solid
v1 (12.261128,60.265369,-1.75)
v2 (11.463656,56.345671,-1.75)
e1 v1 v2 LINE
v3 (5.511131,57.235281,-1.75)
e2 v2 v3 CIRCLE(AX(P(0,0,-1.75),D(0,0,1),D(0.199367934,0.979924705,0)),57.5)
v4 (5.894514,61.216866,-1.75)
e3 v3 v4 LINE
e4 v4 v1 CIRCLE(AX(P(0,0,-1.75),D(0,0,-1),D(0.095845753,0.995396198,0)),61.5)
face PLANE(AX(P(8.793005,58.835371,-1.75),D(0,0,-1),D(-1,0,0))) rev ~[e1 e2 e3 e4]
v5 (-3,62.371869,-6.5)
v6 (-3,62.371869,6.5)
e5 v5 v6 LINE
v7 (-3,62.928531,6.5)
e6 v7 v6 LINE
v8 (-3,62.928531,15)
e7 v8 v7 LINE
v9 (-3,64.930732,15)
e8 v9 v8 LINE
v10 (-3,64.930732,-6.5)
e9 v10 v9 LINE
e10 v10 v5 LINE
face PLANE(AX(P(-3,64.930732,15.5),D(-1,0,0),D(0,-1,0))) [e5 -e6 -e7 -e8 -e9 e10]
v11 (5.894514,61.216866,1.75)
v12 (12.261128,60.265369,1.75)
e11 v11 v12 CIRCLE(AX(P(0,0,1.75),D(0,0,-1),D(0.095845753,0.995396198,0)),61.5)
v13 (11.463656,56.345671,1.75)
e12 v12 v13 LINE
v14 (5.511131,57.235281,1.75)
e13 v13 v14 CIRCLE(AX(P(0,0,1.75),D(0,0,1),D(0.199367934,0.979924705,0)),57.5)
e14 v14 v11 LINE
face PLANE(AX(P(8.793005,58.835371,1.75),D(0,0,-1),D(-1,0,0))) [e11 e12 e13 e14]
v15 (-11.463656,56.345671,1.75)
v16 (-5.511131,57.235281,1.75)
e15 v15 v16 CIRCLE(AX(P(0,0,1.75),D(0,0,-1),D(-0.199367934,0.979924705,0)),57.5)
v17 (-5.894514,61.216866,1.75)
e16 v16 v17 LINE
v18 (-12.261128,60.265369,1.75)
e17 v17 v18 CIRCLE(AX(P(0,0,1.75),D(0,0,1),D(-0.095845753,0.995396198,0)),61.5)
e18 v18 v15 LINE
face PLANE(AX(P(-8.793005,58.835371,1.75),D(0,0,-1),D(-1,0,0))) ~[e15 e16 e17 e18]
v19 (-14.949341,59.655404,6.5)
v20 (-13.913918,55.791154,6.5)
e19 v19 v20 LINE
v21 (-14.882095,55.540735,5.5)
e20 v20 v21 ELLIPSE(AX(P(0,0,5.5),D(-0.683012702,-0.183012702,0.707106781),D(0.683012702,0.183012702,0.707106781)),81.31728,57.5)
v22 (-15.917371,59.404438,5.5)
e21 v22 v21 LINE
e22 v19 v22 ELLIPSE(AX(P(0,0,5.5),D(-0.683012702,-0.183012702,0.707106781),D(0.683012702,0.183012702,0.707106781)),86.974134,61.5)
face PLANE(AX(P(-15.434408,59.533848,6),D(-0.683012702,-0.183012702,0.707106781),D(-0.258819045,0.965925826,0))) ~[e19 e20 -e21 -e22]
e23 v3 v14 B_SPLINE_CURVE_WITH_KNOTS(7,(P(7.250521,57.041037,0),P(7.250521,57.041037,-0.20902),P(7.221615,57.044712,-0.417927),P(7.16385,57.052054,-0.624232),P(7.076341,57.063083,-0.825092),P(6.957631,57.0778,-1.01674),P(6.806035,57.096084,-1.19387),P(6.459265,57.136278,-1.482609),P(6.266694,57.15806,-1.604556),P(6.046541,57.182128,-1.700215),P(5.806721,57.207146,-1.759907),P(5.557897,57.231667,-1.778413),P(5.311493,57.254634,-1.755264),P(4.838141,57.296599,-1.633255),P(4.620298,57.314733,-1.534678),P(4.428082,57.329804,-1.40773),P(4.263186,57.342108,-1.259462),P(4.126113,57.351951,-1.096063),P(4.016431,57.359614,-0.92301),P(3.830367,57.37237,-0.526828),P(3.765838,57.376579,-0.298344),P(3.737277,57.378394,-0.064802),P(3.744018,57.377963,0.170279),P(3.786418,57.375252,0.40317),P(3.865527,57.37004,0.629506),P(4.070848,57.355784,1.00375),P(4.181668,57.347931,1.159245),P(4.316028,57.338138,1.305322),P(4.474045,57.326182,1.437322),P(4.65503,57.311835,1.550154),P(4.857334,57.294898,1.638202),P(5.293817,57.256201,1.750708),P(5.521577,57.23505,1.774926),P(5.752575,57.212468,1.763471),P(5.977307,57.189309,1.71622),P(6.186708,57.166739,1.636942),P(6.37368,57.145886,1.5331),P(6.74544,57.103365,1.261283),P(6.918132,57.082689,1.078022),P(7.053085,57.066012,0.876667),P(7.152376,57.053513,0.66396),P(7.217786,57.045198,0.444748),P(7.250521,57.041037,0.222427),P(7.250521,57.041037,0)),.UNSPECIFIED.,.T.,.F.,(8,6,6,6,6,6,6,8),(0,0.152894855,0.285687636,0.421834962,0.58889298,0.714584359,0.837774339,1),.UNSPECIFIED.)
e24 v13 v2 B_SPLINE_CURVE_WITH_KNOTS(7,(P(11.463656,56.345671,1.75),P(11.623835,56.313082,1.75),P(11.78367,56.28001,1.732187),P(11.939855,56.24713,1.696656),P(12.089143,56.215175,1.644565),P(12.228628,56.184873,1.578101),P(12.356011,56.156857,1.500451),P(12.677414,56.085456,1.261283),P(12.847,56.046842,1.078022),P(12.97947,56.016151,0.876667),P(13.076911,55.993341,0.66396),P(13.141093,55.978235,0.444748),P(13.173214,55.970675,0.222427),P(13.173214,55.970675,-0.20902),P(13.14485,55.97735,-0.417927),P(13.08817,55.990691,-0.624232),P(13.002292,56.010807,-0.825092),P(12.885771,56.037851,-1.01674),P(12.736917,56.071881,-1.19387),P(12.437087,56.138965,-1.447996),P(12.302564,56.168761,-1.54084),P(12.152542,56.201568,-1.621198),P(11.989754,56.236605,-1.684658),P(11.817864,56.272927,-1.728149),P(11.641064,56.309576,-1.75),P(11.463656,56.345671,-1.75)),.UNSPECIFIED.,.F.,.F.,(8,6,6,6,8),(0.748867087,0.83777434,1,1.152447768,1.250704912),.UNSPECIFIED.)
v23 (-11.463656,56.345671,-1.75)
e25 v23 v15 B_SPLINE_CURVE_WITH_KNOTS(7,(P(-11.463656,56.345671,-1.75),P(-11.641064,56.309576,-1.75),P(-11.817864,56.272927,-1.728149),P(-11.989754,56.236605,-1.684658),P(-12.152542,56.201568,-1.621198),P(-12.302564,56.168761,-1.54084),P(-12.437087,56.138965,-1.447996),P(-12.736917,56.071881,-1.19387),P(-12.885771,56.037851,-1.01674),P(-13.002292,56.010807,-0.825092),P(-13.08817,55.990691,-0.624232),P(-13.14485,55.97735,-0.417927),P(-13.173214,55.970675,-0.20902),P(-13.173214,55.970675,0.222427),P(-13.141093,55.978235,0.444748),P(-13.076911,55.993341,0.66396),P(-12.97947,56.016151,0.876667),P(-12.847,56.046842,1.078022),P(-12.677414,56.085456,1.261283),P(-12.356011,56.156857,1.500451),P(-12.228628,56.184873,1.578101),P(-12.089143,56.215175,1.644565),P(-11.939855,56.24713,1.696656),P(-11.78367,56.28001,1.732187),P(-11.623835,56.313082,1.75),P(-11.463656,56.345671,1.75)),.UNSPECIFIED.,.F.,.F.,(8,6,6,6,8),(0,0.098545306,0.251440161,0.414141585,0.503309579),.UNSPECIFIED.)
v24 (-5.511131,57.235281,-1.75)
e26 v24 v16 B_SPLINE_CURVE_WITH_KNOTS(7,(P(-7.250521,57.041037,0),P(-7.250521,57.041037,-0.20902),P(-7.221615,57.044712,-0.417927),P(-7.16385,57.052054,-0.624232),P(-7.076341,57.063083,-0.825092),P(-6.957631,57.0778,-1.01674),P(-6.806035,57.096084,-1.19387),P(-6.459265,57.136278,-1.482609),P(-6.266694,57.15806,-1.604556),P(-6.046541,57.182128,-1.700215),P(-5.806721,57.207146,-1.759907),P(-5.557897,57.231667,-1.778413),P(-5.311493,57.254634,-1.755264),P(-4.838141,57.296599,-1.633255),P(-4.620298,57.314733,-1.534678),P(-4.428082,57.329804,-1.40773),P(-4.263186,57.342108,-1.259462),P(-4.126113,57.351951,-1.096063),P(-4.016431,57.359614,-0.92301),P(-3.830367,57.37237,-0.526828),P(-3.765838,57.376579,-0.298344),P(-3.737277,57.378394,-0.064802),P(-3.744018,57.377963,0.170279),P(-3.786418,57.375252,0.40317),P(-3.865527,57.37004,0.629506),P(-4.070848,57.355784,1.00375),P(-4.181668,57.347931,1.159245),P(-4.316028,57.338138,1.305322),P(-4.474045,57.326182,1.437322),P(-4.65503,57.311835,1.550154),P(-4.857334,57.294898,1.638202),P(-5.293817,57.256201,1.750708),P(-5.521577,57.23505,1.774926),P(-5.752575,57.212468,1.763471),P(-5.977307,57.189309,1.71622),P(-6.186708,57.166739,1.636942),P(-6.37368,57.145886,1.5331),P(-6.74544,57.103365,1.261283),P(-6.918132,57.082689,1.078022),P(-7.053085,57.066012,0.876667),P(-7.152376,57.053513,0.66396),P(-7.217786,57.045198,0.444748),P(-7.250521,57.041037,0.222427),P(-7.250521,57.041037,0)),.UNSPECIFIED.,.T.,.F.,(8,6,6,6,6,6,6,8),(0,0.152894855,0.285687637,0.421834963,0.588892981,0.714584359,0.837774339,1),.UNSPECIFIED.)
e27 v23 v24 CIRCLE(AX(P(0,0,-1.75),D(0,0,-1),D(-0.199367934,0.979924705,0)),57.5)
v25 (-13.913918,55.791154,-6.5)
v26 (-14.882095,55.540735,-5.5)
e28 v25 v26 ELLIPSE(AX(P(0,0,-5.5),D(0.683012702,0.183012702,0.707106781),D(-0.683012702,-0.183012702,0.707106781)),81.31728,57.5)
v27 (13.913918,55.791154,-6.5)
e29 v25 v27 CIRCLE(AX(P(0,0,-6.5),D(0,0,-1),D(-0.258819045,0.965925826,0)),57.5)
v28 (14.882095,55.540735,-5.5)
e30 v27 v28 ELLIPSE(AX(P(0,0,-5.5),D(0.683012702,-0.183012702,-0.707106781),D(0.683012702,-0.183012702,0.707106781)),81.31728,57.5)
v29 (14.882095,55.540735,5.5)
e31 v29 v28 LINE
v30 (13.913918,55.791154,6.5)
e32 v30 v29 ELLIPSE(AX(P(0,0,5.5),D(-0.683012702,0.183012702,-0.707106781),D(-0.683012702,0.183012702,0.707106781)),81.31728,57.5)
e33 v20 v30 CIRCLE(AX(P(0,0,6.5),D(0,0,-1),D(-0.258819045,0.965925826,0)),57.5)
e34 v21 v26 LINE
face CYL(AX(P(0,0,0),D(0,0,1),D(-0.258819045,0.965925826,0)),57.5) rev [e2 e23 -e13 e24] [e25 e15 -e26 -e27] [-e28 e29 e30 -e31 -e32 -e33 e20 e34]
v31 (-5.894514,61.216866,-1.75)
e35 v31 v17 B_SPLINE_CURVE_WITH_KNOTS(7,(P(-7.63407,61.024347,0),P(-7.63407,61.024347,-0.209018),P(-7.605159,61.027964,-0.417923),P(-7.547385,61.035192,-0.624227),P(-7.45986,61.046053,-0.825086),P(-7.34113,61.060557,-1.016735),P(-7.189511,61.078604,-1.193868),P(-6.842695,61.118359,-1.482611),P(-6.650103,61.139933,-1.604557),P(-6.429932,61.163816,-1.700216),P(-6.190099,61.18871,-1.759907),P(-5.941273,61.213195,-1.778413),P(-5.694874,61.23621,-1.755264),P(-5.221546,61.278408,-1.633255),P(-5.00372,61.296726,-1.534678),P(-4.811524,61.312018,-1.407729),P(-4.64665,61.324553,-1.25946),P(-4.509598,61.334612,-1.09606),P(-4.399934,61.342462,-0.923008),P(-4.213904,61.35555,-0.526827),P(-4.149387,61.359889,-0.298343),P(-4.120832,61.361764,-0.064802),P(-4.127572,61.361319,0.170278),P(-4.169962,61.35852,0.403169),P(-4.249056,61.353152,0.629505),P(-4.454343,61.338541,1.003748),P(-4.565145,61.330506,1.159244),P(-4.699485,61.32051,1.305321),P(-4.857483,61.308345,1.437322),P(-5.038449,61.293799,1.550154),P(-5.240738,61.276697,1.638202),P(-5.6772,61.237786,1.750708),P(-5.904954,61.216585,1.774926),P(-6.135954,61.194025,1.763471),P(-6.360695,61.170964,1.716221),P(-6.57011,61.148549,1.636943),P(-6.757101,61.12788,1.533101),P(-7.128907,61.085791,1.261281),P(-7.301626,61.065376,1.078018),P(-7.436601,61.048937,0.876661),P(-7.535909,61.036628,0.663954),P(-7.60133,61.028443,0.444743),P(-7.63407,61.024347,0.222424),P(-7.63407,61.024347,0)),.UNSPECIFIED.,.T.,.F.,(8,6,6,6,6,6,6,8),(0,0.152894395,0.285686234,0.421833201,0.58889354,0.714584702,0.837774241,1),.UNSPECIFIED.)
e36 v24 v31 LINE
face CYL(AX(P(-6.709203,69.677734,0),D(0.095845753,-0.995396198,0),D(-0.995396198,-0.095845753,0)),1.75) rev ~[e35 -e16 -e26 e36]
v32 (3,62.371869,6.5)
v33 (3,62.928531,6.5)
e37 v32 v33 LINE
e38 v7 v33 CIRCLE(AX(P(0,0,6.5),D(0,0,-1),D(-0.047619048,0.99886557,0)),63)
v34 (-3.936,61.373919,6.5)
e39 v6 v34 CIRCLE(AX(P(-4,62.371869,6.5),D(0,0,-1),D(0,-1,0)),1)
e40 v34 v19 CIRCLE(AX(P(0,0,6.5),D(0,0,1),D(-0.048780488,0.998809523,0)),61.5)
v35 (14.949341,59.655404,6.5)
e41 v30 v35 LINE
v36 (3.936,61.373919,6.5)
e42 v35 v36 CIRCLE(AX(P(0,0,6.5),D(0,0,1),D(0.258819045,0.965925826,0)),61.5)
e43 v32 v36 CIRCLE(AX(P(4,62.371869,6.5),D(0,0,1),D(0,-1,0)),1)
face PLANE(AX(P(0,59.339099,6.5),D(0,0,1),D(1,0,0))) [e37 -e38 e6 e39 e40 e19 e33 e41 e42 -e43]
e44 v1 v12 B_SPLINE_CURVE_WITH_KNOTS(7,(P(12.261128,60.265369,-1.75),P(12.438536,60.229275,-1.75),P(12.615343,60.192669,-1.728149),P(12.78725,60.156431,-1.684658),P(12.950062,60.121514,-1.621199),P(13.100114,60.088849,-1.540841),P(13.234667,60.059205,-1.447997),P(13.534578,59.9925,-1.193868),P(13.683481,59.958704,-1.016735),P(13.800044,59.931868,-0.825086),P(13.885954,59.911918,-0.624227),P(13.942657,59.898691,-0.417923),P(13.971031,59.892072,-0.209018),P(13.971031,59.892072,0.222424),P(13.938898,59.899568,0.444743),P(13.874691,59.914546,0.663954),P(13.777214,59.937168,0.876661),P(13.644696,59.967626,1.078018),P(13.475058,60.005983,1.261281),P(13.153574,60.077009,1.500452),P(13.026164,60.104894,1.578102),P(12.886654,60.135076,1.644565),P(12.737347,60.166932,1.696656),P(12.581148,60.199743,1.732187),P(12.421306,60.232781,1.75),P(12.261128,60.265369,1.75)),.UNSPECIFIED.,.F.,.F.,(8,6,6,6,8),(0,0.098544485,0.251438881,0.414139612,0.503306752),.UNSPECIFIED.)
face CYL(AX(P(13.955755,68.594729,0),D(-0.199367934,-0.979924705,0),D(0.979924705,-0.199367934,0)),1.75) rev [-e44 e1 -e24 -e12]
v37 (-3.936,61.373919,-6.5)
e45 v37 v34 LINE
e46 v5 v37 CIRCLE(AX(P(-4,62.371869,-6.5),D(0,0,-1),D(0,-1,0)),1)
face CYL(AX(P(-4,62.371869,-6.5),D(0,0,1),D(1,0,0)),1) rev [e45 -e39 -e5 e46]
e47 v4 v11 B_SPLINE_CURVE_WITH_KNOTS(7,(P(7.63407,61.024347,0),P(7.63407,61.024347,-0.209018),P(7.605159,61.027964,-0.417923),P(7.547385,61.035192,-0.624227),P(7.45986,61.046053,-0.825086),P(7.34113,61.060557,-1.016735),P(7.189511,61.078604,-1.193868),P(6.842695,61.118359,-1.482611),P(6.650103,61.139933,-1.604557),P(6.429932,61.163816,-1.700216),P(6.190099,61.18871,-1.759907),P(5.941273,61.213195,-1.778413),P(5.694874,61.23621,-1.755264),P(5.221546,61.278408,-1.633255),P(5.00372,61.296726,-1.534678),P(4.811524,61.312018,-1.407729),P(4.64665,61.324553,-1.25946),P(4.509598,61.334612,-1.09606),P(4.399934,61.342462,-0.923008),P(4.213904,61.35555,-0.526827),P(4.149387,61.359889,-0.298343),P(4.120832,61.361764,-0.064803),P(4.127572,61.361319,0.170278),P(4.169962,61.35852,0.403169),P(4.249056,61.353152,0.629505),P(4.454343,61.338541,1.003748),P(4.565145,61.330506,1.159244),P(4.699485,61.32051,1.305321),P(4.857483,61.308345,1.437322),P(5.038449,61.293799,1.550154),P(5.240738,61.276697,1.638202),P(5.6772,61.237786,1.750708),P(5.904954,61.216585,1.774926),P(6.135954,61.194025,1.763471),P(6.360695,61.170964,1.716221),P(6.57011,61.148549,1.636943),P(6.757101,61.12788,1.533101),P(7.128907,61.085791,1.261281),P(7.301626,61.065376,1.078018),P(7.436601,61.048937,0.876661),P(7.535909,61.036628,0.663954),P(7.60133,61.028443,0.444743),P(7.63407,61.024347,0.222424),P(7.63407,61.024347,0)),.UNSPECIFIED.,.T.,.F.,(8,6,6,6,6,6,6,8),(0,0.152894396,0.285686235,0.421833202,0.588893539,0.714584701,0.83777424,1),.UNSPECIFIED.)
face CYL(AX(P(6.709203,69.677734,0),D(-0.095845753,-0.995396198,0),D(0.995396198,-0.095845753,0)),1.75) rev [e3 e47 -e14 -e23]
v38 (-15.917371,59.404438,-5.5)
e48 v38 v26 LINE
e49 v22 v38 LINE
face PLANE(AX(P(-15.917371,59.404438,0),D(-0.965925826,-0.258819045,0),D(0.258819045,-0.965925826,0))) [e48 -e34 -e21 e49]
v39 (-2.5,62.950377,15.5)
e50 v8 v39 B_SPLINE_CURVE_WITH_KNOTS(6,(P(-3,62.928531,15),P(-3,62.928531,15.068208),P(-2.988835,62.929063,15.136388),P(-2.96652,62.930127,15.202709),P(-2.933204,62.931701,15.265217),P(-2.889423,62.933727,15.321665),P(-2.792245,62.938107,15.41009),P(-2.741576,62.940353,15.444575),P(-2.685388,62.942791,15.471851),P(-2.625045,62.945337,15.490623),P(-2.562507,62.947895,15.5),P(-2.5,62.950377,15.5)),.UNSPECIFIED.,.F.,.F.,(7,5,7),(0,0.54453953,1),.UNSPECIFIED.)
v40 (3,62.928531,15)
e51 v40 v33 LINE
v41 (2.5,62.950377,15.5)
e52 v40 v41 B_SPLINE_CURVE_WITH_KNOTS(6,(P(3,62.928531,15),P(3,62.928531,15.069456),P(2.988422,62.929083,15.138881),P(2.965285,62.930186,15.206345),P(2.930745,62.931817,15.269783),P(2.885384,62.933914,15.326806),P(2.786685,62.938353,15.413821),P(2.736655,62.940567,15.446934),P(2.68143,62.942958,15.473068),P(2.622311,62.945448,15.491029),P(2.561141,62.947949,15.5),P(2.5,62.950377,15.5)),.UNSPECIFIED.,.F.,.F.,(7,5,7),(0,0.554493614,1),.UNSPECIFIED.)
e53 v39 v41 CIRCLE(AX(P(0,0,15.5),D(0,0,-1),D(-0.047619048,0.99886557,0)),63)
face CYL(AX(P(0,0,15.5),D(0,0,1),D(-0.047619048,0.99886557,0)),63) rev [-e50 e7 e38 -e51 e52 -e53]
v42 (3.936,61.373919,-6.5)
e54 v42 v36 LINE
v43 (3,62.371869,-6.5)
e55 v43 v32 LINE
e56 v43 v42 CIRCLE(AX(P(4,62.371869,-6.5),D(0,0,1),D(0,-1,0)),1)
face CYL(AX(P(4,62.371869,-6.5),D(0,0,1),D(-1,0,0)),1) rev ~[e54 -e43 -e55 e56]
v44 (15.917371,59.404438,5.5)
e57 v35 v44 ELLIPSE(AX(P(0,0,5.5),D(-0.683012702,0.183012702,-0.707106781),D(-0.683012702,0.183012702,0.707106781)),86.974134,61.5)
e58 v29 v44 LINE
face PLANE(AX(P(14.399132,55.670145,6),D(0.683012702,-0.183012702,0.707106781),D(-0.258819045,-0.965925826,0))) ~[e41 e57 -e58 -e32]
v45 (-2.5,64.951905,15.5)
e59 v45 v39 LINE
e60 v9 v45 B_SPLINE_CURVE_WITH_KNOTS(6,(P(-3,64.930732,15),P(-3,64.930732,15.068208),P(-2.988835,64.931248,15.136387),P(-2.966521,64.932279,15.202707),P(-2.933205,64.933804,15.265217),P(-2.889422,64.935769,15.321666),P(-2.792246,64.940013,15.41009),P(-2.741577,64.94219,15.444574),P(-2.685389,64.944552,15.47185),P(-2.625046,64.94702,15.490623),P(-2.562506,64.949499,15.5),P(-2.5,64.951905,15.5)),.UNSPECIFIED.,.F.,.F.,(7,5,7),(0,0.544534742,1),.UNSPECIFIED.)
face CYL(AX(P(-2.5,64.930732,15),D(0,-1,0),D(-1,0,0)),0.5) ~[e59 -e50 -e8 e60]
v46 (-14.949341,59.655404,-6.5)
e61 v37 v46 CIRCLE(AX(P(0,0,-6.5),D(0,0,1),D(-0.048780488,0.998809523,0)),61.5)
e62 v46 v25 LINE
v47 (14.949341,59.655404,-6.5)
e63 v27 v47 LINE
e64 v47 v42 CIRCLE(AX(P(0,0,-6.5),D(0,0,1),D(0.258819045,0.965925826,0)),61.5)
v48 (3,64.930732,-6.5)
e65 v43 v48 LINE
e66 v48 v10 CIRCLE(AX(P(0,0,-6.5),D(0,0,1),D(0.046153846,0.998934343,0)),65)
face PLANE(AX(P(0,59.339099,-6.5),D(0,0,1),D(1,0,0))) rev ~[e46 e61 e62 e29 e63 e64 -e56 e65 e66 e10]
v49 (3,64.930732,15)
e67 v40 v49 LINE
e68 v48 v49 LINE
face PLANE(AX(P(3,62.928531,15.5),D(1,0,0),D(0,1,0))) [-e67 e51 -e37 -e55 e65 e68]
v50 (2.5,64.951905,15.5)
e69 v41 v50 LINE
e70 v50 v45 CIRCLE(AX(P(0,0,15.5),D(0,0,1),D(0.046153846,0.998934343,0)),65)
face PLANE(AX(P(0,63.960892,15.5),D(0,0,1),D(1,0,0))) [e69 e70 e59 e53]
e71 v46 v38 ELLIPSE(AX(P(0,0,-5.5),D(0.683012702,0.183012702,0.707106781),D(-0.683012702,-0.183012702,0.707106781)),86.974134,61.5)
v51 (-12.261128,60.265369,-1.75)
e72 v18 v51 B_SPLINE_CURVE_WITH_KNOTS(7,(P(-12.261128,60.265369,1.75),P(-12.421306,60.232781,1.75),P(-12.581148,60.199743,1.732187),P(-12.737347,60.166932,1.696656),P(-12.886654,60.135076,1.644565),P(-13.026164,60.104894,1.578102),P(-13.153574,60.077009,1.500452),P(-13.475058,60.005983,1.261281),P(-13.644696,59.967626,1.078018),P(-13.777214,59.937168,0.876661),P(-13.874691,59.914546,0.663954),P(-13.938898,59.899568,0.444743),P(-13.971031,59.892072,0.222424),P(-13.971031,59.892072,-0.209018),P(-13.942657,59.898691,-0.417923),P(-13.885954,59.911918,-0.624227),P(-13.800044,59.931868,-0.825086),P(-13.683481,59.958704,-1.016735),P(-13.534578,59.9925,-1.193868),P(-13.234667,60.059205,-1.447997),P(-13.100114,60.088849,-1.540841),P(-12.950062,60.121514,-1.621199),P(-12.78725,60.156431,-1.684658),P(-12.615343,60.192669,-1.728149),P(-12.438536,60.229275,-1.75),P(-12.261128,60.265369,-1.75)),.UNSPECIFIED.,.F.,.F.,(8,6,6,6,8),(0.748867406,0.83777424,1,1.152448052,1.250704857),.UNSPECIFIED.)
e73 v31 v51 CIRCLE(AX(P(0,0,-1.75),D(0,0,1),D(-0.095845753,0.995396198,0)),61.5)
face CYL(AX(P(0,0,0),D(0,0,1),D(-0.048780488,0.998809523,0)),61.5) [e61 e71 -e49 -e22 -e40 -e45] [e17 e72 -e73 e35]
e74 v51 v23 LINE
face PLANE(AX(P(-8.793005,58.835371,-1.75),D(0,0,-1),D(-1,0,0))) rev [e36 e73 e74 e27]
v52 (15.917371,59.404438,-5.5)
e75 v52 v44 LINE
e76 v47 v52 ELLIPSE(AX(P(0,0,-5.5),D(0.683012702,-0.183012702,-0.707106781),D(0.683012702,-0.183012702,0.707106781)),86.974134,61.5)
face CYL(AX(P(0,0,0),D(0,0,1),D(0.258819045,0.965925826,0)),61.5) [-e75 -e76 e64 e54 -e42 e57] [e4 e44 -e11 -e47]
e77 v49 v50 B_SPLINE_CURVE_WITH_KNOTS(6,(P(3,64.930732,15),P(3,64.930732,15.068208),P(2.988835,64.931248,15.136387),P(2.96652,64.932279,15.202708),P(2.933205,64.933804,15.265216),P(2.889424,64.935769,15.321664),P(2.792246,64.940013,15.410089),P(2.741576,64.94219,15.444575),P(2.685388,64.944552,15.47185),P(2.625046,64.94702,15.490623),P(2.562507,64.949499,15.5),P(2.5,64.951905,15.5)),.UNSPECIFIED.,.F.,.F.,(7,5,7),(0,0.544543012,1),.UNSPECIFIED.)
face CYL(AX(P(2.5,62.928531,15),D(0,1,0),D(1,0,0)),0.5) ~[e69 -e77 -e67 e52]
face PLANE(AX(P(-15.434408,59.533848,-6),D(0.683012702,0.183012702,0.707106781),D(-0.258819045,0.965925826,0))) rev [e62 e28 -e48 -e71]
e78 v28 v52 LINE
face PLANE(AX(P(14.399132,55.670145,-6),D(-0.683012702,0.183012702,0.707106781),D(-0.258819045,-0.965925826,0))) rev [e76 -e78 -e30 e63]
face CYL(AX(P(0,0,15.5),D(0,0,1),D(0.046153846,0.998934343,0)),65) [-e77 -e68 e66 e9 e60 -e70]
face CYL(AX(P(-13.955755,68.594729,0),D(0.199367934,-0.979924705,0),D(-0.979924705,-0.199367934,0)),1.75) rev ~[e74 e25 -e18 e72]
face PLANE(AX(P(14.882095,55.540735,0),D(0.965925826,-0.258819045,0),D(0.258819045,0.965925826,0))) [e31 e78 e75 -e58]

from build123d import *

# Parameters (mm, degrees)
EXTRUDE_1_DEPTH          = 6.5
EXTRUDE_START            = 9
EXTRUDE_2_DEPTH          = 9
PATTERN_CIRCULAR_1_COUNT = 2
PATTERN_CIRCULAR_1_ANGLE = 6
CUT_EXTRUDE_2_DEPTH      = 1.75
FILLET_1_R               = 1
CHAMFER_1_SIZE           = 1
FILLET_2_R               = 0.5


with BuildPart() as part:
    # Эскиз1 → Бобышка-Вытянуть1 (new, symmetric)
    with BuildSketch(Plane.XY):
        with BuildLine():
            Line((14.882095093, 55.540735012), (15.917371274, 59.404438317))
            ThreePointArc((15.917371274, 59.404438317), (9.512581469, 60.7598617), (3, 61.426785688))
            Line((3, 61.426785688), (3, 64.930732323))
            ThreePointArc((3, 64.930732323), (0, 65), (-3, 64.930732323))
            Line((-3, 64.930732323), (-3, 61.426785688))
            ThreePointArc((-3, 61.426785688), (-9.512581469, 60.7598617), (-15.917371274, 59.404438317))
            Line((-15.917371274, 59.404438317), (-14.882095093, 55.540735012))
            ThreePointArc((-14.882095093, 55.540735012), (0, 57.5), (14.882095093, 55.540735012))
        make_face()
    extrude(amount=EXTRUDE_1_DEPTH, both=True)

    # Эскиз2 → Бобышка-Вытянуть2 (add)
    with BuildSketch(Plane.XY.offset(6.5).offset(EXTRUDE_START)):
        with BuildLine():
            Line((3, 62.92853089), (3, 64.930732323))
            ThreePointArc((3, 64.930732323), (0, 65), (-3, 64.930732323))
            Line((-3, 64.930732323), (-3, 62.92853089))
            ThreePointArc((-3, 62.92853089), (0, 63), (3, 62.92853089))
        make_face()
    extrude(amount=-EXTRUDE_2_DEPTH)

    # Эскиз4 → Вырез-Повернуть1 (revolve, cut)
    with BuildSketch(Plane.XY):
        Polygon((15.670623642, 68.245835438), (11.683264954, 48.647341346), (9.968396721, 48.996235231), (13.955755409, 68.594729323), align=None)
    cut_revolve_1 = revolve(axis=Axis((0, 0, 0), (0.19936793441719763, 0.9799247046208296, 0)), mode=Mode.SUBTRACT)

    # Круговой массив1: Вырез-Повернуть1 ×2 about axis
    pattern_circular_1_axis = Axis((0, 0, 6.5), (0, 0, 1))
    for i in range(1, PATTERN_CIRCULAR_1_COUNT):
        add(cut_revolve_1.rotate(pattern_circular_1_axis, i * PATTERN_CIRCULAR_1_ANGLE / (PATTERN_CIRCULAR_1_COUNT - 1)), mode=Mode.SUBTRACT)

    # Эскиз6 → Вырез-Вытянуть2 (cut, symmetric)
    with BuildSketch(Plane.XY):
        with BuildLine():
            Line((5.51113077, 57.235281406), (5.89451378, 61.2168662))
            ThreePointArc((5.89451378, 61.2168662), (9.090278784, 60.824475597), (12.261127967, 60.265369334))
            Line((12.261127967, 60.265369334), (11.463656229, 56.345670516))
            ThreePointArc((11.463656229, 56.345670516), (8.49904114, 56.868412143), (5.51113077, 57.235281406))
        make_face()
    cut_extrude_2 = extrude(amount=CUT_EXTRUDE_2_DEPTH, both=True, mode=Mode.SUBTRACT)

    # Зеркальное отражение1: Вырез-Повернуть1, Вырез-Вытянуть2 across plane
    add(cut_revolve_1.mirror(Plane(origin=(0, 0, 0), x_dir=(0, 0, 1), z_dir=(1, 0, 0))), mode=Mode.SUBTRACT)
    add(cut_extrude_2.mirror(Plane(origin=(0, 0, 0), x_dir=(0, 0, 1), z_dir=(1, 0, 0))), mode=Mode.SUBTRACT)

    # Зеркальное отражение1 copy 1 sketch → Зеркальное отражение1 copy 1 (revolve, cut)
    with BuildSketch(Plane(origin=(0, 0, 0), x_dir=(-0.9945218953682733, 0.10452846326765369, 0), z_dir=(0, 0, 1))):
        Polygon((15.670623642, -68.245835438), (11.683264954, -48.647341346), (9.968396721, -48.996235231), (13.955755409, -68.594729323), align=None)
    revolve(axis=Axis((0, 0, 0), (0.09584575252022422, -0.9953961983671789, 0)), mode=Mode.SUBTRACT)

    # Скругление1
    fillet_1_edges = [part.edges().sort_by_distance(p)[0] for p in [
        (-3, 61.426785688, 0),
        (3, 61.426785688, 0),
    ]]
    fillet(fillet_1_edges, radius=FILLET_1_R)

    # Фаска1
    chamfer_1_edges = [part.edges().sort_by_distance(p)[0] for p in [
        (15.399733184, 57.472586664, -6.5),
        (-15.399733184, 57.472586664, 6.5),
        (-15.399733184, 57.472586664, -6.5),
        (15.399733184, 57.472586664, 6.5),
    ]]
    chamfer(chamfer_1_edges, length=CHAMFER_1_SIZE)

    # Скругление2
    fillet_2_edges = [part.edges().sort_by_distance(p)[0] for p in [
        (-3, 63.929631607, 15.5),
        (3, 63.929631607, 15.5),
    ]]
    fillet(fillet_2_edges, radius=FILLET_2_R)


solid = part.part
